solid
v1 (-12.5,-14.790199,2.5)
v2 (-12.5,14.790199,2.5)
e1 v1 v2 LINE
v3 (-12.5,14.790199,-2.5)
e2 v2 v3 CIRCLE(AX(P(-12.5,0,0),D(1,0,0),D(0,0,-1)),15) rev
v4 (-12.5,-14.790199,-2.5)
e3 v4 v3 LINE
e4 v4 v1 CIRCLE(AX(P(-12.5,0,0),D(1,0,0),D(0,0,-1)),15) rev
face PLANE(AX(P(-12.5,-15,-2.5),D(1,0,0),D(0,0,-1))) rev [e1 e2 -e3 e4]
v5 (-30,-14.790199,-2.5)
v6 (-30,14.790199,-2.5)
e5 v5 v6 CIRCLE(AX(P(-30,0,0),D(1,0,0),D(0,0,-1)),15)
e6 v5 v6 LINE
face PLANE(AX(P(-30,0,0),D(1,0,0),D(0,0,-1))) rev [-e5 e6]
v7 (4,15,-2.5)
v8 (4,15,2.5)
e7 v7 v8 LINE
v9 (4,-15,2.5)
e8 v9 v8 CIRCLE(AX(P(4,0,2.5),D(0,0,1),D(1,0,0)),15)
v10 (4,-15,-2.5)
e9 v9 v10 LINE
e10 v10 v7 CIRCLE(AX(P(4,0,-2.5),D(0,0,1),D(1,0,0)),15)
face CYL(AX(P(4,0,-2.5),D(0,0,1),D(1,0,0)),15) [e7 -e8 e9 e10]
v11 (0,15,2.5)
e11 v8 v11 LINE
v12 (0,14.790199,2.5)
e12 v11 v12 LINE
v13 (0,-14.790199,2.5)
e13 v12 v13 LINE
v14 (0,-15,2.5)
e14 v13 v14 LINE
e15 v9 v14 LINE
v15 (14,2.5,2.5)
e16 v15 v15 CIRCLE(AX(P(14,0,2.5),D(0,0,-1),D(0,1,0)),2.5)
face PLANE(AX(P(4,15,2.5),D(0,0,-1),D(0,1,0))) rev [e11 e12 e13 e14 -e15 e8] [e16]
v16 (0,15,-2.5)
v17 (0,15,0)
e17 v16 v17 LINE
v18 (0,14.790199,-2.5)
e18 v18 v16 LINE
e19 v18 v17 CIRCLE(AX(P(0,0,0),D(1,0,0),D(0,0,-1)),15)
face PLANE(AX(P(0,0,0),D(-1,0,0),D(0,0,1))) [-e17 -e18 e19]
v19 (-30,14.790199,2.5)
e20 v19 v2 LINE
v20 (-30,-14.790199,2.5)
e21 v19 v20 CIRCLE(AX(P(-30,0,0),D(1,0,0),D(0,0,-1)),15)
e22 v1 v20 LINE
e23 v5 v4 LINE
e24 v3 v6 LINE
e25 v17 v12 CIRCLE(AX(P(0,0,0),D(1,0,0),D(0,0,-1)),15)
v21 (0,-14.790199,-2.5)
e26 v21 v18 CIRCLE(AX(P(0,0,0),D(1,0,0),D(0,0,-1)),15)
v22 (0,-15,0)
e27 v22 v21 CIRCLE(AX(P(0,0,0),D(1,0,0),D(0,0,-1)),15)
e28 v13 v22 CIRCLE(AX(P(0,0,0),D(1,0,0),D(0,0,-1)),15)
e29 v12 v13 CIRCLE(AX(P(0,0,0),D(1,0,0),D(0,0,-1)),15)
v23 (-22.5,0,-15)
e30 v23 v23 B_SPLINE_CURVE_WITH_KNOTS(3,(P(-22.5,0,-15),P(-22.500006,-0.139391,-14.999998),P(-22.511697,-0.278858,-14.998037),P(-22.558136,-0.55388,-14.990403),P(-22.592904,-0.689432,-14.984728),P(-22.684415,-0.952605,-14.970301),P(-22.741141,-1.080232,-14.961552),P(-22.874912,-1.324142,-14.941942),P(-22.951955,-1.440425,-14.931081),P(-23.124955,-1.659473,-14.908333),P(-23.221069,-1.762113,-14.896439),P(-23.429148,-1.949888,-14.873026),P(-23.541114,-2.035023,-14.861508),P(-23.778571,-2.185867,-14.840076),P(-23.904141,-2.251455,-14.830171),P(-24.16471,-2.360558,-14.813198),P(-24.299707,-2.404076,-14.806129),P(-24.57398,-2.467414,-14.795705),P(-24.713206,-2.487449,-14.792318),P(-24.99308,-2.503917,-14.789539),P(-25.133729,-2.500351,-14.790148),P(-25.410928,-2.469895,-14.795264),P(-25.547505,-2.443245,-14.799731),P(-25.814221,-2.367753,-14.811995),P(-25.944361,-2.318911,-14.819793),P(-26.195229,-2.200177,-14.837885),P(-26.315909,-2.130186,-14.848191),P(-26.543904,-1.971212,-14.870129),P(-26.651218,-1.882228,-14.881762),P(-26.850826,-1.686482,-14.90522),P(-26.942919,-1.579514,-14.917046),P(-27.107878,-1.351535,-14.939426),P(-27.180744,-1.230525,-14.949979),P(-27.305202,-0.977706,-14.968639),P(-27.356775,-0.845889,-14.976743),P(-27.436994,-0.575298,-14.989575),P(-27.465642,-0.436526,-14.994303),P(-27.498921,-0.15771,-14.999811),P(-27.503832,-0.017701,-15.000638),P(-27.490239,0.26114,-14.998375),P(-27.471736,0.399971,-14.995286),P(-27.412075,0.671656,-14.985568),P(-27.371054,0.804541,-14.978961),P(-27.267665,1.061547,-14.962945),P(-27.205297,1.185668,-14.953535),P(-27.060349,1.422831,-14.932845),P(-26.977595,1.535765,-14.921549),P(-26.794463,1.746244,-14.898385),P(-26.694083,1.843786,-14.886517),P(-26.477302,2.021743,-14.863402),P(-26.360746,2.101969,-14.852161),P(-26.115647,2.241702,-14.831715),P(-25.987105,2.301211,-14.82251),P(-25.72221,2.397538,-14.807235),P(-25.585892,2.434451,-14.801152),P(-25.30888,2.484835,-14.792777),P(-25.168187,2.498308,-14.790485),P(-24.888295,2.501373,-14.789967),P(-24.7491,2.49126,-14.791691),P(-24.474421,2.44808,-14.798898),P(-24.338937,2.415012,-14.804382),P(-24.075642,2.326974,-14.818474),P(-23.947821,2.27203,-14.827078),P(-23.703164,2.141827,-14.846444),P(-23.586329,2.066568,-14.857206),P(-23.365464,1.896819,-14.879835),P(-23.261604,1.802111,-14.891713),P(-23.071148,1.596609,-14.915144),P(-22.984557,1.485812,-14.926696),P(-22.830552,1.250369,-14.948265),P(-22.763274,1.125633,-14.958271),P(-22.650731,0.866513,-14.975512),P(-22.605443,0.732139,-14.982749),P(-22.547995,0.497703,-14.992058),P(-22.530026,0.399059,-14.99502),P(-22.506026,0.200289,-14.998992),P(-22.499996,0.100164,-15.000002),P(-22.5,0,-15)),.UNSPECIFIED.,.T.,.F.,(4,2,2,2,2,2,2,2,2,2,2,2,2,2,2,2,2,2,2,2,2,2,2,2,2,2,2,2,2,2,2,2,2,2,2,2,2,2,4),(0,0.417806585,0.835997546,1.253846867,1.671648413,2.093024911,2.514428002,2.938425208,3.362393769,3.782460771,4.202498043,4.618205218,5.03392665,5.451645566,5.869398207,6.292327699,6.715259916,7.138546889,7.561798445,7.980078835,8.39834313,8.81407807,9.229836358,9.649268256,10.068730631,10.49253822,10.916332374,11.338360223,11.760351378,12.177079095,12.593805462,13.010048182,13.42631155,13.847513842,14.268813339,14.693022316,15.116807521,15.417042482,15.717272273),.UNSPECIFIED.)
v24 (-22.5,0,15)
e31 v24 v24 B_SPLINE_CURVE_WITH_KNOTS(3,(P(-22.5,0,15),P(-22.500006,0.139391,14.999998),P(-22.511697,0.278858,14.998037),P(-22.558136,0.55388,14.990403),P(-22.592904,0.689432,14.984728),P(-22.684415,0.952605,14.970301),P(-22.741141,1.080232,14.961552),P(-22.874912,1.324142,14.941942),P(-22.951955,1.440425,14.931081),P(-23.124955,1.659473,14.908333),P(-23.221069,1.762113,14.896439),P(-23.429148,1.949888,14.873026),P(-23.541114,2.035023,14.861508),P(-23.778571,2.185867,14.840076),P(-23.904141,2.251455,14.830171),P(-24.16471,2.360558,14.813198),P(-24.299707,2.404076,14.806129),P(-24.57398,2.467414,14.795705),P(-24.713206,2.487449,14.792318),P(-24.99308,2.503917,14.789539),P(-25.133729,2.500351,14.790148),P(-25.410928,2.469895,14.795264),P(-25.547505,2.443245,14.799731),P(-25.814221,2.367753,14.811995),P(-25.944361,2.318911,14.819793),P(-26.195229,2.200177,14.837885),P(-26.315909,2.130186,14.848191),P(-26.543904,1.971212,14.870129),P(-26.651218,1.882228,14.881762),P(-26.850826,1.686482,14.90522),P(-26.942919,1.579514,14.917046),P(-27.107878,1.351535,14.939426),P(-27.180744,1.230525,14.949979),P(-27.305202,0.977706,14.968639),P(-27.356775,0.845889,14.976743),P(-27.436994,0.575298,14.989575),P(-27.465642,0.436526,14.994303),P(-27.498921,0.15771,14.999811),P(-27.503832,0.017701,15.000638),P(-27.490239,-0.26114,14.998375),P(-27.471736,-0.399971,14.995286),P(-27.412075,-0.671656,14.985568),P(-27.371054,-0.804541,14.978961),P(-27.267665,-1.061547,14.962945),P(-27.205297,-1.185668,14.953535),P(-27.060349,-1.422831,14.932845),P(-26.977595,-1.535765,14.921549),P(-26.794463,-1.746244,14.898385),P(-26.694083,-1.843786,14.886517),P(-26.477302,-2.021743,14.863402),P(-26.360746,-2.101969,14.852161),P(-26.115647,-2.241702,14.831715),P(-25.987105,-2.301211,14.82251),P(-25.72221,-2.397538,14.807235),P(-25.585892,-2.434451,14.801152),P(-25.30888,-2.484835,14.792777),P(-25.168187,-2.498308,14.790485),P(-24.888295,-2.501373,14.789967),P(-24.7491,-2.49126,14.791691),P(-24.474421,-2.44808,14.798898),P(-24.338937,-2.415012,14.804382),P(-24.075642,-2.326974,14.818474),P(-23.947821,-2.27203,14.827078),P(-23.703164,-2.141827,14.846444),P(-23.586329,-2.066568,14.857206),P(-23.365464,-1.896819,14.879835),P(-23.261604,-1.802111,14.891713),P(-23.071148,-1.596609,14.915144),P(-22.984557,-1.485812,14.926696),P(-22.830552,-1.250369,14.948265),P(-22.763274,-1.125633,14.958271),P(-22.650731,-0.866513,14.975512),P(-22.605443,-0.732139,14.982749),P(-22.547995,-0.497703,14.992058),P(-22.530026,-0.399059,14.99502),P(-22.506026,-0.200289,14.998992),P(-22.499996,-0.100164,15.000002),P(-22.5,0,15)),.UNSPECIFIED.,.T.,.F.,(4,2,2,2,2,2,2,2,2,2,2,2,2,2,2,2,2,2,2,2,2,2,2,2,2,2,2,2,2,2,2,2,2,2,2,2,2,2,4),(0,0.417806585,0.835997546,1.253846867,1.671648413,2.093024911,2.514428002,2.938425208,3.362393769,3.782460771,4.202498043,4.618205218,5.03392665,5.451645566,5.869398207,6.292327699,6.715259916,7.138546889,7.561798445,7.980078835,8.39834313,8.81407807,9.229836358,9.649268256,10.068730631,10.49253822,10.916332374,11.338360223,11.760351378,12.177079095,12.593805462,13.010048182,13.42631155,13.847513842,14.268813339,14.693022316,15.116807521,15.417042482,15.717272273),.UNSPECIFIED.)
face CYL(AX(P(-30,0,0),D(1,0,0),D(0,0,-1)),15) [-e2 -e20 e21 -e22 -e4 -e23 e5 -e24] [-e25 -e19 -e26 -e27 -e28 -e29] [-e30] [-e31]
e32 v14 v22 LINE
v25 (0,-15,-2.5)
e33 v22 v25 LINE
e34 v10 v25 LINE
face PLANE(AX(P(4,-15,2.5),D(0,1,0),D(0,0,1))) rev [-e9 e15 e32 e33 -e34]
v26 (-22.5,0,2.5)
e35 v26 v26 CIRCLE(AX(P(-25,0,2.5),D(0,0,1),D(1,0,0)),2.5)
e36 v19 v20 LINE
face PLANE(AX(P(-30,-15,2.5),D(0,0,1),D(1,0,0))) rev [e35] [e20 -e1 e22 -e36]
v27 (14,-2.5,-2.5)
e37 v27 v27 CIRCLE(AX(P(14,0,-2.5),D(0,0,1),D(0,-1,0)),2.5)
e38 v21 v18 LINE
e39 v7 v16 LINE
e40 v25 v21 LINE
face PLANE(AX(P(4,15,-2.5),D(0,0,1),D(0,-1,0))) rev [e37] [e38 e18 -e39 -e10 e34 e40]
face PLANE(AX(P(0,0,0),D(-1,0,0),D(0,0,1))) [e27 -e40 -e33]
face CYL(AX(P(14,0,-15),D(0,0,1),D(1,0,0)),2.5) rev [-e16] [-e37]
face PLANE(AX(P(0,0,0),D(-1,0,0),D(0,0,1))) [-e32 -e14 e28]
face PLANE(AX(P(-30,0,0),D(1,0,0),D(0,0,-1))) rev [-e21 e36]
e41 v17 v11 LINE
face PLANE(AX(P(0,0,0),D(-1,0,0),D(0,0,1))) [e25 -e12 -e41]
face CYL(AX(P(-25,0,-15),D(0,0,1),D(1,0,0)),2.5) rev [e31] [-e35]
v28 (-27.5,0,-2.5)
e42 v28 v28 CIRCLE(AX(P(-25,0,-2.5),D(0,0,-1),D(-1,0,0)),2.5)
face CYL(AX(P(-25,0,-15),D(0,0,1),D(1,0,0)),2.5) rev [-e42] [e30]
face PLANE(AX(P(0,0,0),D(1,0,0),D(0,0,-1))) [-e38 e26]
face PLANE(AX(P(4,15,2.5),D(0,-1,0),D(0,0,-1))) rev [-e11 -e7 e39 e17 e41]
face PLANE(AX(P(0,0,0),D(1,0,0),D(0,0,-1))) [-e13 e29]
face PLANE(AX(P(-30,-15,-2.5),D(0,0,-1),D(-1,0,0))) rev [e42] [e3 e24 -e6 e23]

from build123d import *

# Parameters (mm, degrees)
SKETCH2_R               = 15
BOSS_EXTRUDE1_DEPTH     = 30
CUT_EXTRUDE1_DEPTH      = 37.742346142
CUT_EXTRUDE1_DEPTH_BACK = 37.742346142
SKETCH3_W               = 17.5
SKETCH3_H               = 5
CUT_EXTRUDE2_DEPTH      = 37.742346142
CUT_EXTRUDE2_DEPTH_BACK = 37.742346142
SKETCH6_R               = 2.5
SKETCH7_W               = 5
SKETCH7_H               = 30
BOSS_EXTRUDE2_DEPTH     = 4
BOSS_EXTRUDE3_DEPTH     = 5
CUT_EXTRUDE3_DEPTH      = 38.831865041
CUT_EXTRUDE3_DEPTH_BACK = 38.831865041
SKETCH9_R               = 2.5


with BuildPart() as part:
    # Sketch2 → Boss-Extrude1 (new body)
    with BuildSketch(Plane(origin=(0, 0, 0), x_dir=(0, 0, -1), z_dir=(1, 0, 0))):
        Circle(SKETCH2_R)
    extrude(amount=-BOSS_EXTRUDE1_DEPTH)

    # Sketch3 → Cut-Extrude1 (cut, two sides: drawn at the far end of the back side and taken through both)
    with BuildSketch(Plane(origin=(0, 0, 0), x_dir=(1, 0, 0), z_dir=(0, 1, 0)).offset(-CUT_EXTRUDE1_DEPTH_BACK)):
        with Locations((-21.25, 0)):
            Rectangle(SKETCH3_W, SKETCH3_H)
    extrude(amount=CUT_EXTRUDE1_DEPTH + CUT_EXTRUDE1_DEPTH_BACK, mode=Mode.SUBTRACT)

    # Sketch6 → Cut-Extrude2 (cut, two sides: drawn at the far end of the back side and taken through both)
    with BuildSketch(Plane.XY.offset(-CUT_EXTRUDE2_DEPTH_BACK)):
        with Locations((-25, 0)):
            Circle(SKETCH6_R)
    extrude(amount=CUT_EXTRUDE2_DEPTH + CUT_EXTRUDE2_DEPTH_BACK, mode=Mode.SUBTRACT)

    # Sketch7 → Boss-Extrude2 (add)
    with BuildSketch(Plane(origin=(0, 0, 0), x_dir=(0, 0, -1), z_dir=(1, 0, 0))):
        Rectangle(SKETCH7_W, SKETCH7_H)
    extrude(amount=BOSS_EXTRUDE2_DEPTH)

    # Sketch8 → Boss-Extrude3 (add)
    with BuildSketch(Plane.XY.offset(2.5)):
        with BuildLine():
            Line((4, 15), (4, -15))
            ThreePointArc((4, -15), (19, 0), (4, 15))
        make_face()
    extrude(amount=-BOSS_EXTRUDE3_DEPTH)

    # Sketch9 → Cut-Extrude3 (cut, two sides: drawn at the far end of the back side and taken through both)
    with BuildSketch(Plane.XY.offset(2.5).offset(-CUT_EXTRUDE3_DEPTH_BACK)):
        with Locations(Location((14, 0, 0), (0, 0, 270))):
            Circle(SKETCH9_R)
    extrude(amount=CUT_EXTRUDE3_DEPTH + CUT_EXTRUDE3_DEPTH_BACK, mode=Mode.SUBTRACT)


solid = part.part
